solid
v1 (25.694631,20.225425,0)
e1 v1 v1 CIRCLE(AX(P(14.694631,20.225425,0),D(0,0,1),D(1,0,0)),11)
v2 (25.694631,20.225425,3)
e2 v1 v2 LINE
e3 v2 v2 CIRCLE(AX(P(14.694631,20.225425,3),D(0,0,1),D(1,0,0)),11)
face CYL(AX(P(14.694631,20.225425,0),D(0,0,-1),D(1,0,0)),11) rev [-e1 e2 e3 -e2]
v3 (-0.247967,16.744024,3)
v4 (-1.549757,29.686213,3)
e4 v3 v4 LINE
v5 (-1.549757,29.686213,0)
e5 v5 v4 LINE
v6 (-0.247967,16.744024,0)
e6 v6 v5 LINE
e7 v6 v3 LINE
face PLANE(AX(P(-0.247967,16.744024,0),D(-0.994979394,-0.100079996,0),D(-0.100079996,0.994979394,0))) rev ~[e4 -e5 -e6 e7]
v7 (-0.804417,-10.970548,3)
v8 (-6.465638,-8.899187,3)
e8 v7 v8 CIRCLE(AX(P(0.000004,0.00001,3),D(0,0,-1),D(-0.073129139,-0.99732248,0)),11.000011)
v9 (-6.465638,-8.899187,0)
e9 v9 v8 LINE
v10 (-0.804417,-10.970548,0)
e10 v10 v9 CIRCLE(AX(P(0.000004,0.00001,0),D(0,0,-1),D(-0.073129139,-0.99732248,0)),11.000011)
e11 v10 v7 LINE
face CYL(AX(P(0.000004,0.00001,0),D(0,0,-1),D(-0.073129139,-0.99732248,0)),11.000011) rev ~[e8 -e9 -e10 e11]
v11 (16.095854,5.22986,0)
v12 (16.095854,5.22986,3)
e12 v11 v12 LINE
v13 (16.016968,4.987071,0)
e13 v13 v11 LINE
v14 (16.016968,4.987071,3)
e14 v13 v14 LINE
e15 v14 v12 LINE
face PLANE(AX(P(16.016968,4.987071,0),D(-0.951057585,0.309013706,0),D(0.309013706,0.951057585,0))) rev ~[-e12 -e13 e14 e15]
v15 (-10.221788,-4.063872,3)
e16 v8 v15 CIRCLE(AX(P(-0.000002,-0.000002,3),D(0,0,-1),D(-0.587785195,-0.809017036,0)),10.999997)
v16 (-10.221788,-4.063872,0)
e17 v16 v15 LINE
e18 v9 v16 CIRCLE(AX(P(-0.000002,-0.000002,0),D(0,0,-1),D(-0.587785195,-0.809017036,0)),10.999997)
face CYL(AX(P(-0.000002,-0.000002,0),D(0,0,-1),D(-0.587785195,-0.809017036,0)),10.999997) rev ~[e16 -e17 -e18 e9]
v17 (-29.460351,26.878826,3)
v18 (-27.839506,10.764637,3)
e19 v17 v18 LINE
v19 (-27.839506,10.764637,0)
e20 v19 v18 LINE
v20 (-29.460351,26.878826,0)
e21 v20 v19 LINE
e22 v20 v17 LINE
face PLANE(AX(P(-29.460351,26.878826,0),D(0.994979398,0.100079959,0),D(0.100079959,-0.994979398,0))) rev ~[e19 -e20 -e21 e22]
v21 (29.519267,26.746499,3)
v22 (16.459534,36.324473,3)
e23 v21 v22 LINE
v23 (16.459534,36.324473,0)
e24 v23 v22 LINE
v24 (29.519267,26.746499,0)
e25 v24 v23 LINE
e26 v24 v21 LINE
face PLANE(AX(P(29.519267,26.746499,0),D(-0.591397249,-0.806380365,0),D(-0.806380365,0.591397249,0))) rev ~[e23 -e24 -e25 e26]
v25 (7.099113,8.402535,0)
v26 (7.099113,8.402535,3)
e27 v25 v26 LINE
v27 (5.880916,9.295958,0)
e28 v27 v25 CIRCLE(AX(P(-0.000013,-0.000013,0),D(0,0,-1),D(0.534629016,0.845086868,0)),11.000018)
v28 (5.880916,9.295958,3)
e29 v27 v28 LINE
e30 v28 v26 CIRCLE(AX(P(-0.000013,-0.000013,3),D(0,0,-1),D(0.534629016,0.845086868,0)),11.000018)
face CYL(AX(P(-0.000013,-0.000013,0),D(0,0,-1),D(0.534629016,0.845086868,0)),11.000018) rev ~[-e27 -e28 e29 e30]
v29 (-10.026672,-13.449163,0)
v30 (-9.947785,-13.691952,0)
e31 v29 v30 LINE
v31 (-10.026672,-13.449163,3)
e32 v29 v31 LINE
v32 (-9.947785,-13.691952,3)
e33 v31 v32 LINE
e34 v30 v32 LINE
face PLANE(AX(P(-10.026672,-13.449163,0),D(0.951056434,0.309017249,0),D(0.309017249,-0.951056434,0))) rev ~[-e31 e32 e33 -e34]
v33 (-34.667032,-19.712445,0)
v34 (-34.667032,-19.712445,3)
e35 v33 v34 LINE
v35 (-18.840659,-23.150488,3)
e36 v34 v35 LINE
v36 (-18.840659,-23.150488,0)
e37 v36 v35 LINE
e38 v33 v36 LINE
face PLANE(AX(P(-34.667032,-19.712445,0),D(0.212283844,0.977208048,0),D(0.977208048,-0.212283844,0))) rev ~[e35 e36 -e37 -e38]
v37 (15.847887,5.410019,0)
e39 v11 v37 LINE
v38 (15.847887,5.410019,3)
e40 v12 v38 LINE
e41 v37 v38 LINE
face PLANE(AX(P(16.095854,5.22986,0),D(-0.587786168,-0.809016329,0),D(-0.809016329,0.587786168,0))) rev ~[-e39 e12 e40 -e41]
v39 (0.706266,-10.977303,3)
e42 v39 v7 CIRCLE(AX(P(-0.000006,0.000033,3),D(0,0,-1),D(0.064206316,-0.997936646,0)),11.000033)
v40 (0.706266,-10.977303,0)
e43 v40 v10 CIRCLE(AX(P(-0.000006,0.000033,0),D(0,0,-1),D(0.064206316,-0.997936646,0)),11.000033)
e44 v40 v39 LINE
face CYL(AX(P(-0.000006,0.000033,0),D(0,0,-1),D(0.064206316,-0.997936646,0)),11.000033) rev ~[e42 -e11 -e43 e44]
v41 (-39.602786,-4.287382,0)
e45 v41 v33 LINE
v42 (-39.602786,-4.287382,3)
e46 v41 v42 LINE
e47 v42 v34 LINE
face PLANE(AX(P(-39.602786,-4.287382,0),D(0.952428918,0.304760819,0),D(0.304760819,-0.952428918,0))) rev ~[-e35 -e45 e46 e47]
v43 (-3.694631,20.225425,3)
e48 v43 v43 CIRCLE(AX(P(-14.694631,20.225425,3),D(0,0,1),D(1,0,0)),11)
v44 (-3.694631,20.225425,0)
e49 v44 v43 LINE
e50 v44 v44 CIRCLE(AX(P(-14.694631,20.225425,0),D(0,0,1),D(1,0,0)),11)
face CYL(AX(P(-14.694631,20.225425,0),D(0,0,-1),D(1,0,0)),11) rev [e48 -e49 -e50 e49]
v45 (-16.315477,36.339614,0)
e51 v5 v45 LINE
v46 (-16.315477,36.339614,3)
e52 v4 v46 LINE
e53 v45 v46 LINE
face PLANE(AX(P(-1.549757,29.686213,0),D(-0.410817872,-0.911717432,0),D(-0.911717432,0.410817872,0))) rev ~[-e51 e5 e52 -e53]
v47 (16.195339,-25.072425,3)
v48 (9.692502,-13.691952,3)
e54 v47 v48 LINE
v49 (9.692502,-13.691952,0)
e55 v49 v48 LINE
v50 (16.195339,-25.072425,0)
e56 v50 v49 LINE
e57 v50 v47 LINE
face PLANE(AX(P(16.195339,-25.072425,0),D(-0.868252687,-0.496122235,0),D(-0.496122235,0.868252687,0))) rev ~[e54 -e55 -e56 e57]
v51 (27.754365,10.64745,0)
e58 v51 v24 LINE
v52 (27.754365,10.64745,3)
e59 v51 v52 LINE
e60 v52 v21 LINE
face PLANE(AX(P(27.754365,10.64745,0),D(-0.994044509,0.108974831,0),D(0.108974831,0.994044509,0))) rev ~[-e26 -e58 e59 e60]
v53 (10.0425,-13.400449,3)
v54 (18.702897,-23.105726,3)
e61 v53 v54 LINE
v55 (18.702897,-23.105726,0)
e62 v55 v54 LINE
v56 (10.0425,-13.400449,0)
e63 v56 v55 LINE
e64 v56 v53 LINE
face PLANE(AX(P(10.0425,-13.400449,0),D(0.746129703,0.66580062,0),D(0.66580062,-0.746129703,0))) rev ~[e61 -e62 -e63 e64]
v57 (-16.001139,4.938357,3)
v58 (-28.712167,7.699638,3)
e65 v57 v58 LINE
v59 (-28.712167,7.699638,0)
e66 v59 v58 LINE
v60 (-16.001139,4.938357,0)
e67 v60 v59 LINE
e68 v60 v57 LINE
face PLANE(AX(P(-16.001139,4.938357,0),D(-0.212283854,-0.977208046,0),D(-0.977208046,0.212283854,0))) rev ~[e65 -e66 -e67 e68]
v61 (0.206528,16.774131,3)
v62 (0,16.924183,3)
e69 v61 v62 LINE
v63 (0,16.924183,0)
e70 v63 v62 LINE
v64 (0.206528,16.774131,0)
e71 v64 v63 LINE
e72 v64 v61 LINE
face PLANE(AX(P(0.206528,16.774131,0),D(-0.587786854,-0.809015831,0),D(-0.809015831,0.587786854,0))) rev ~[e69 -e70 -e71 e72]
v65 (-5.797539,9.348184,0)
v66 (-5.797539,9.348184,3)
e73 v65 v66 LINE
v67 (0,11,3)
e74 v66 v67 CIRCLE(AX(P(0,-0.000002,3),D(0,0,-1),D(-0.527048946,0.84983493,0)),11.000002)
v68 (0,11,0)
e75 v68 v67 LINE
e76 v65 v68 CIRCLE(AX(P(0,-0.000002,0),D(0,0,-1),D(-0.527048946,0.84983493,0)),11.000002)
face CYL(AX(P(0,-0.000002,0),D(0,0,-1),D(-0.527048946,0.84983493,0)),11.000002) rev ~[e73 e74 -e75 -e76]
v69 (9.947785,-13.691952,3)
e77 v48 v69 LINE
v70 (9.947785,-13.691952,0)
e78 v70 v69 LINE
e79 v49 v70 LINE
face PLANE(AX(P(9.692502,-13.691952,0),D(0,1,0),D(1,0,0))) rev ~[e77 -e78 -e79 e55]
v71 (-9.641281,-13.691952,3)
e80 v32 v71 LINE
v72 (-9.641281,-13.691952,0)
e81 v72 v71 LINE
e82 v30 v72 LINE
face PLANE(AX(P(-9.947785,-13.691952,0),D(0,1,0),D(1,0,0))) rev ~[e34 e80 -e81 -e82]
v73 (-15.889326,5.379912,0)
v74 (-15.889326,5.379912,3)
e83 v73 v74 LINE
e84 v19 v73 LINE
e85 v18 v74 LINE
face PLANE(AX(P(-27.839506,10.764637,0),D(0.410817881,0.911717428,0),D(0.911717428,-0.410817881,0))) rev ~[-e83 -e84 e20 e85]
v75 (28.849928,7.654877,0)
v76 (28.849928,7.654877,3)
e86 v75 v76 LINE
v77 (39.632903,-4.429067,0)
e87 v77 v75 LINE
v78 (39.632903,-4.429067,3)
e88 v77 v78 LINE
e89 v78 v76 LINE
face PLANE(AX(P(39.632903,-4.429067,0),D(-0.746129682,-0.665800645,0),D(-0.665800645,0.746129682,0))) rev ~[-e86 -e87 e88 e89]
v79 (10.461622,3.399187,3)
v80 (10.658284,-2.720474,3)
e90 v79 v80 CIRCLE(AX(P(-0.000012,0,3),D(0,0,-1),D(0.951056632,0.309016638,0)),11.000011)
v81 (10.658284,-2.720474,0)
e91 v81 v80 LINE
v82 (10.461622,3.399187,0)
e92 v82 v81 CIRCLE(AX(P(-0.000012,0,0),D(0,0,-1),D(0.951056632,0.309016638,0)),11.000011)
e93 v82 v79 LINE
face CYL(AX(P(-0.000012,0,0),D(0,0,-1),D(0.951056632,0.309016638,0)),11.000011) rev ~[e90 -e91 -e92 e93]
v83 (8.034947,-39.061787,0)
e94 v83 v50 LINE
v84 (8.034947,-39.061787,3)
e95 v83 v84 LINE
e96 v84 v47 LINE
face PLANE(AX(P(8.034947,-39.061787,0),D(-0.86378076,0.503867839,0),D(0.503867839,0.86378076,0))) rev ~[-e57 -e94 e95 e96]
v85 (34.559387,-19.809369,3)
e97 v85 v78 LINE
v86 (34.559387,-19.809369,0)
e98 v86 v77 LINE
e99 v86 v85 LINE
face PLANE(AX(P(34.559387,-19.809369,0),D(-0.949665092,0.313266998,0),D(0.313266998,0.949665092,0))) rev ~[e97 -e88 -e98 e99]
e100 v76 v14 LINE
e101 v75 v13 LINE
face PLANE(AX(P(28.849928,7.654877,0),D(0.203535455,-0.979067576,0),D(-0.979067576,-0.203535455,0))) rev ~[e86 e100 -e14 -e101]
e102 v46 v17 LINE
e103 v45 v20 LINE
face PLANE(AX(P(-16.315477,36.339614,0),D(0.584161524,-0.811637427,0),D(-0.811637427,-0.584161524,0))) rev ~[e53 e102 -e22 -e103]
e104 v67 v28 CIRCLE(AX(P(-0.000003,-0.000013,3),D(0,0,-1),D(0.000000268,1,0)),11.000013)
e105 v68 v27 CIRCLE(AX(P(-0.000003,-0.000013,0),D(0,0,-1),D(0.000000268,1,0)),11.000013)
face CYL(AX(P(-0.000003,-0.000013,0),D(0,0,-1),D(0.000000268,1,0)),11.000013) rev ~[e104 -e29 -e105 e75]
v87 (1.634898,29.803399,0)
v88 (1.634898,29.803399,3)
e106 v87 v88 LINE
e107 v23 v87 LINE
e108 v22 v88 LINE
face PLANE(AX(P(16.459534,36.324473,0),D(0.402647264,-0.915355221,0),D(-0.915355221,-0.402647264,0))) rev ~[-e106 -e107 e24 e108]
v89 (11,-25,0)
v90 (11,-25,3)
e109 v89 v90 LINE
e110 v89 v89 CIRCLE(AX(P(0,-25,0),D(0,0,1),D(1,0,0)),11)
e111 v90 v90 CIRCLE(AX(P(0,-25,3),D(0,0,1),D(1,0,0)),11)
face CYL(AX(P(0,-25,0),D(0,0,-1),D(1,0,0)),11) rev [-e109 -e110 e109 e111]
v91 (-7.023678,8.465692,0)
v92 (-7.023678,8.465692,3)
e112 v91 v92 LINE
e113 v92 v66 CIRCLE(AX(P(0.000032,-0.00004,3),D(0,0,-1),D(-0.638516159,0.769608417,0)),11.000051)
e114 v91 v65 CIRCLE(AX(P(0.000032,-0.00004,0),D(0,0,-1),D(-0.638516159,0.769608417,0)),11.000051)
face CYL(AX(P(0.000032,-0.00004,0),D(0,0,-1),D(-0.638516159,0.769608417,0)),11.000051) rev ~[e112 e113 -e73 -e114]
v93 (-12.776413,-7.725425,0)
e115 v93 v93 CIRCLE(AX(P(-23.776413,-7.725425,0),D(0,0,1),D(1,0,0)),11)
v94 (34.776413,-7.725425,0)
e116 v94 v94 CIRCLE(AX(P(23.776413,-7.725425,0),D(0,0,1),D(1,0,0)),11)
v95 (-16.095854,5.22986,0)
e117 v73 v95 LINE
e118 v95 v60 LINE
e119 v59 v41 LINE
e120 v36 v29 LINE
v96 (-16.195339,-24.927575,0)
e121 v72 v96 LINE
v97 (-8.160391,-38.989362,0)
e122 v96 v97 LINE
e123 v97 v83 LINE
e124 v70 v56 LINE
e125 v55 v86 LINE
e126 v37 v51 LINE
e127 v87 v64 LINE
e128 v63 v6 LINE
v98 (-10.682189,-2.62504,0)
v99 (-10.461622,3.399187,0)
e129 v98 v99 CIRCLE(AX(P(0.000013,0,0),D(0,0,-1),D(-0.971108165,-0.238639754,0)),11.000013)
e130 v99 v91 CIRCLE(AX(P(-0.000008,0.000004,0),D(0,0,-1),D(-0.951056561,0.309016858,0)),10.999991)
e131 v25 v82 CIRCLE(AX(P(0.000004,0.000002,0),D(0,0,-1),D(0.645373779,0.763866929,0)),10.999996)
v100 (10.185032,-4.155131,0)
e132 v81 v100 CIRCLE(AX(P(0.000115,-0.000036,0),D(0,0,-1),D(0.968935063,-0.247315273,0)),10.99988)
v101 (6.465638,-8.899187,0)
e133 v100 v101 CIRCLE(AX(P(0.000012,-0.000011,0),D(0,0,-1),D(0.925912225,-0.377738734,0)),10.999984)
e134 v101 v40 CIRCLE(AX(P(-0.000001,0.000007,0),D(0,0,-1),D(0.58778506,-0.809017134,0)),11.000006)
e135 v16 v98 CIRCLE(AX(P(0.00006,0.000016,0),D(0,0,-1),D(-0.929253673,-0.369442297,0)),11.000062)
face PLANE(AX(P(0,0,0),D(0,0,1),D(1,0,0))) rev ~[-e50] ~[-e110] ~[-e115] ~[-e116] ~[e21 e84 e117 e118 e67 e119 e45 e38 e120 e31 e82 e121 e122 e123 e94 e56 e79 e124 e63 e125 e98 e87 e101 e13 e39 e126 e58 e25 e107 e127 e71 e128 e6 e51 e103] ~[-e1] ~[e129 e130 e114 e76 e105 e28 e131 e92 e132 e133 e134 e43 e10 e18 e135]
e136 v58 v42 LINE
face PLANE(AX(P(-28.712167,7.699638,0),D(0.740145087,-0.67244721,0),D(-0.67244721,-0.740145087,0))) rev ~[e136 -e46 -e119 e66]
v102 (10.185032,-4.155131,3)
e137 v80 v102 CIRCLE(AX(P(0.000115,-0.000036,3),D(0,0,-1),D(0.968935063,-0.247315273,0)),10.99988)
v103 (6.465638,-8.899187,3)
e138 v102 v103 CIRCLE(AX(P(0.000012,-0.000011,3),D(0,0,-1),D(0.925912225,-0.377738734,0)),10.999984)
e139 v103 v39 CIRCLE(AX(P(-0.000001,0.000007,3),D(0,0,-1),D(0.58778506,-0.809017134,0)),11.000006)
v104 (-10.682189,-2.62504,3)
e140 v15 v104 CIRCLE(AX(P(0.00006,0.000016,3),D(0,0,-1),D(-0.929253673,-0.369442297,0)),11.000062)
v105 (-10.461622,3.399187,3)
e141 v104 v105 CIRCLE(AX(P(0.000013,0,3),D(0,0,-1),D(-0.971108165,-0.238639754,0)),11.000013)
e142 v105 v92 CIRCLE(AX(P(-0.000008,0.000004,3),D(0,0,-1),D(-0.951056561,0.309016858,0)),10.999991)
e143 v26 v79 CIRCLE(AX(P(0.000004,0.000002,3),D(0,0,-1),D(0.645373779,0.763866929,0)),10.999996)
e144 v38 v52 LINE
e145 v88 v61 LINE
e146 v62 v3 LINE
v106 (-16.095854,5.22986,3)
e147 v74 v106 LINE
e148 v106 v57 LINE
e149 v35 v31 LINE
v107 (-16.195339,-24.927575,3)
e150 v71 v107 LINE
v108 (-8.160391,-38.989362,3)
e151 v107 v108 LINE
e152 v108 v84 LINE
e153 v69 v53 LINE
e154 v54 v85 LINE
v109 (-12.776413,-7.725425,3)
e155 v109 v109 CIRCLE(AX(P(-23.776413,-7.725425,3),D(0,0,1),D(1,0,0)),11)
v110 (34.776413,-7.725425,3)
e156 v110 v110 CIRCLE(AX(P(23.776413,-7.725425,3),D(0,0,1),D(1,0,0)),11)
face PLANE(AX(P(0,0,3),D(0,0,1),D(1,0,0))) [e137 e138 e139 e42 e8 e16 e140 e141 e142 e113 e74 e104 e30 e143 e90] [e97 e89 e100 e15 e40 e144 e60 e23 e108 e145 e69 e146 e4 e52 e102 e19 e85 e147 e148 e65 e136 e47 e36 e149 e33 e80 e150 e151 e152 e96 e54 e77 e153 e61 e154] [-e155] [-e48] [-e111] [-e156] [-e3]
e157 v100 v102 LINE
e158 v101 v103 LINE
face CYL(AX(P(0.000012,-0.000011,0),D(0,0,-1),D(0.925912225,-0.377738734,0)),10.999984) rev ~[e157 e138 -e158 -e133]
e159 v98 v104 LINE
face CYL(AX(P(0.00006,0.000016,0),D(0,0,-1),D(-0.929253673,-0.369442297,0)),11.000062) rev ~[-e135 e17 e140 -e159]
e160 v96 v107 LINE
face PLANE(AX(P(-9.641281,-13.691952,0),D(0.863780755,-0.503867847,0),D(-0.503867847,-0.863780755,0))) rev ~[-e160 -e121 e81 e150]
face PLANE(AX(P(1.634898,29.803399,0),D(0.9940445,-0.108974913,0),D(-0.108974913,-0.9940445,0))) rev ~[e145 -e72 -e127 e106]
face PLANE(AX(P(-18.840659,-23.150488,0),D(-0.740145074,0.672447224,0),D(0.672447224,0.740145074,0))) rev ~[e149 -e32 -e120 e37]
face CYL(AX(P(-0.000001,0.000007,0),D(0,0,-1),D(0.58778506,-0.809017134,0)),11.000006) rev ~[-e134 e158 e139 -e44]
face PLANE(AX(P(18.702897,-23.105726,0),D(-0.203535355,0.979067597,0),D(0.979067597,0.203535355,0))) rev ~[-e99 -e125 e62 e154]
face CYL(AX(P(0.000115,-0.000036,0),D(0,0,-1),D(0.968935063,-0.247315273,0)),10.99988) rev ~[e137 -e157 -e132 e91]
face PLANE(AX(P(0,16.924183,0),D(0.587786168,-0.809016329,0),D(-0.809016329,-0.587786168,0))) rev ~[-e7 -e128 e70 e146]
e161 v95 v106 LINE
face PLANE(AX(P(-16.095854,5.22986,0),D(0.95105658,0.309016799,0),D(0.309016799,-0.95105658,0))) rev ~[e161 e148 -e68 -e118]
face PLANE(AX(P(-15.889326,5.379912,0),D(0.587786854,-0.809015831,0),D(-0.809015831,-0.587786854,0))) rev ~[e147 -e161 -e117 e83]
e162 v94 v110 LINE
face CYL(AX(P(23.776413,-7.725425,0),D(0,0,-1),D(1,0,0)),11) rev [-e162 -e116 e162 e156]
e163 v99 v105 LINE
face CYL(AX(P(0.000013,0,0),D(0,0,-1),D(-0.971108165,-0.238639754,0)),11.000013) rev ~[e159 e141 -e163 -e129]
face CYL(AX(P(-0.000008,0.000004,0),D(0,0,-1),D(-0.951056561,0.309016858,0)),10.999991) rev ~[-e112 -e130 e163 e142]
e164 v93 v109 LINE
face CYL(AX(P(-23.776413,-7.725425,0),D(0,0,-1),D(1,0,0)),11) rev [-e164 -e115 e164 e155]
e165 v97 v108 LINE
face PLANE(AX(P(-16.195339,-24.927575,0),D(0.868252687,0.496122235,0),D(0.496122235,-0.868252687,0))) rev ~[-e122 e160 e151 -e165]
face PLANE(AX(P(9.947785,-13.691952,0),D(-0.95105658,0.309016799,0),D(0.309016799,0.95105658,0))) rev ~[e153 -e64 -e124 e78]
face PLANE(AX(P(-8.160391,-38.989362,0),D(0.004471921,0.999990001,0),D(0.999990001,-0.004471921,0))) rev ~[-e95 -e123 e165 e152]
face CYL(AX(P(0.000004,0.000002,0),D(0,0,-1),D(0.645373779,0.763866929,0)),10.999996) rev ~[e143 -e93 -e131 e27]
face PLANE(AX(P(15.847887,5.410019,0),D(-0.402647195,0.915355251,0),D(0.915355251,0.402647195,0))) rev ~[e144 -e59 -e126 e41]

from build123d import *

# Parameters (mm, degrees)
F0_R     = 11
F1_DEPTH = 3


with BuildPart() as f1:
    # F0 (on Top) → F1 (new body)
    with BuildSketch(Plane.XY):
        Polygon((9.692502, -13.691952), (9.947785, -13.691952), (10.0425, -13.400449), (18.702897, -23.105726), (34.559387, -19.809369), (39.632903, -4.429067), (28.849928, 7.654877), (16.016968, 4.987071), (16.095854, 5.22986), (15.847887, 5.410019), (27.754365, 10.64745), (29.519267, 26.746499), (16.459534, 36.324473), (1.634898, 29.803399), (0.206528, 16.774131), (0, 16.924183), (-0.247967, 16.744024), (-1.549757, 29.686213), (-16.315477, 36.339614), (-29.460351, 26.878826), (-27.839506, 10.764637), (-15.889326, 5.379912), (-16.095854, 5.22986), (-16.001139, 4.938357), (-28.712167, 7.699638), (-39.602786, -4.287382), (-34.667032, -19.712445), (-18.840659, -23.150488), (-10.026672, -13.449163), (-9.947785, -13.691952), (-9.641281, -13.691952), (-16.195339, -24.927575), (-8.160391, -38.989362), (8.034947, -39.061787), (16.195339, -25.072425), align=None)
        with Locations((0, -25)):
            Circle(F0_R, mode=Mode.SUBTRACT)
        with Locations((-23.776413, -7.725425)):
            Circle(F0_R, mode=Mode.SUBTRACT)
        with Locations((23.776413, -7.725425)):
            Circle(F0_R, mode=Mode.SUBTRACT)
        with BuildLine():
            ThreePointArc((-0.804417, -10.970548), (-3.77969, -10.330244), (-6.465638, -8.899187))
            ThreePointArc((-6.465638, -8.899187), (-8.686922, -6.74814), (-10.221788, -4.063872))
            ThreePointArc((-10.221788, -4.063872), (-10.476718, -3.352369), (-10.682189, -2.62504))
            ThreePointArc((-10.682189, -2.62504), (-10.992634, 0.402478), (-10.461622, 3.399187))
            ThreePointArc((-10.461622, 3.399187), (-9.102269, 6.176464), (-7.023678, 8.465692))
            ThreePointArc((-7.023678, 8.465692), (-6.425776, 8.928012), (-5.797539, 9.348184))
            ThreePointArc((-5.797539, 9.348184), (-3.014132, 10.578989), (0, 11))
            ThreePointArc((0, 11), (3.06141, 10.565404), (5.880916, 9.295958))
            ThreePointArc((5.880916, 9.295958), (6.50537, 8.870184), (7.099113, 8.402535))
            ThreePointArc((7.099113, 8.402535), (9.129799, 6.135697), (10.461622, 3.399187))
            ThreePointArc((10.461622, 3.399187), (10.994324, 0.353315), (10.658284, -2.720474))
            ThreePointArc((10.658284, -2.720474), (10.446316, -3.445937), (10.185032, -4.155131))
            ThreePointArc((10.185032, -4.155131), (8.656658, -6.78692), (6.465638, -8.899187))
            ThreePointArc((6.465638, -8.899187), (3.733456, -10.347043), (0.706266, -10.977303))
            ThreePointArc((0.706266, -10.977303), (-0.049191, -10.99989), (-0.804417, -10.970548))
        make_face(mode=Mode.SUBTRACT)
        with Locations((-14.694631, 20.225425)):
            Circle(F0_R, mode=Mode.SUBTRACT)
        with Locations((14.694631, 20.225425)):
            Circle(F0_R, mode=Mode.SUBTRACT)
    extrude(amount=F1_DEPTH)


solid = f1.part
